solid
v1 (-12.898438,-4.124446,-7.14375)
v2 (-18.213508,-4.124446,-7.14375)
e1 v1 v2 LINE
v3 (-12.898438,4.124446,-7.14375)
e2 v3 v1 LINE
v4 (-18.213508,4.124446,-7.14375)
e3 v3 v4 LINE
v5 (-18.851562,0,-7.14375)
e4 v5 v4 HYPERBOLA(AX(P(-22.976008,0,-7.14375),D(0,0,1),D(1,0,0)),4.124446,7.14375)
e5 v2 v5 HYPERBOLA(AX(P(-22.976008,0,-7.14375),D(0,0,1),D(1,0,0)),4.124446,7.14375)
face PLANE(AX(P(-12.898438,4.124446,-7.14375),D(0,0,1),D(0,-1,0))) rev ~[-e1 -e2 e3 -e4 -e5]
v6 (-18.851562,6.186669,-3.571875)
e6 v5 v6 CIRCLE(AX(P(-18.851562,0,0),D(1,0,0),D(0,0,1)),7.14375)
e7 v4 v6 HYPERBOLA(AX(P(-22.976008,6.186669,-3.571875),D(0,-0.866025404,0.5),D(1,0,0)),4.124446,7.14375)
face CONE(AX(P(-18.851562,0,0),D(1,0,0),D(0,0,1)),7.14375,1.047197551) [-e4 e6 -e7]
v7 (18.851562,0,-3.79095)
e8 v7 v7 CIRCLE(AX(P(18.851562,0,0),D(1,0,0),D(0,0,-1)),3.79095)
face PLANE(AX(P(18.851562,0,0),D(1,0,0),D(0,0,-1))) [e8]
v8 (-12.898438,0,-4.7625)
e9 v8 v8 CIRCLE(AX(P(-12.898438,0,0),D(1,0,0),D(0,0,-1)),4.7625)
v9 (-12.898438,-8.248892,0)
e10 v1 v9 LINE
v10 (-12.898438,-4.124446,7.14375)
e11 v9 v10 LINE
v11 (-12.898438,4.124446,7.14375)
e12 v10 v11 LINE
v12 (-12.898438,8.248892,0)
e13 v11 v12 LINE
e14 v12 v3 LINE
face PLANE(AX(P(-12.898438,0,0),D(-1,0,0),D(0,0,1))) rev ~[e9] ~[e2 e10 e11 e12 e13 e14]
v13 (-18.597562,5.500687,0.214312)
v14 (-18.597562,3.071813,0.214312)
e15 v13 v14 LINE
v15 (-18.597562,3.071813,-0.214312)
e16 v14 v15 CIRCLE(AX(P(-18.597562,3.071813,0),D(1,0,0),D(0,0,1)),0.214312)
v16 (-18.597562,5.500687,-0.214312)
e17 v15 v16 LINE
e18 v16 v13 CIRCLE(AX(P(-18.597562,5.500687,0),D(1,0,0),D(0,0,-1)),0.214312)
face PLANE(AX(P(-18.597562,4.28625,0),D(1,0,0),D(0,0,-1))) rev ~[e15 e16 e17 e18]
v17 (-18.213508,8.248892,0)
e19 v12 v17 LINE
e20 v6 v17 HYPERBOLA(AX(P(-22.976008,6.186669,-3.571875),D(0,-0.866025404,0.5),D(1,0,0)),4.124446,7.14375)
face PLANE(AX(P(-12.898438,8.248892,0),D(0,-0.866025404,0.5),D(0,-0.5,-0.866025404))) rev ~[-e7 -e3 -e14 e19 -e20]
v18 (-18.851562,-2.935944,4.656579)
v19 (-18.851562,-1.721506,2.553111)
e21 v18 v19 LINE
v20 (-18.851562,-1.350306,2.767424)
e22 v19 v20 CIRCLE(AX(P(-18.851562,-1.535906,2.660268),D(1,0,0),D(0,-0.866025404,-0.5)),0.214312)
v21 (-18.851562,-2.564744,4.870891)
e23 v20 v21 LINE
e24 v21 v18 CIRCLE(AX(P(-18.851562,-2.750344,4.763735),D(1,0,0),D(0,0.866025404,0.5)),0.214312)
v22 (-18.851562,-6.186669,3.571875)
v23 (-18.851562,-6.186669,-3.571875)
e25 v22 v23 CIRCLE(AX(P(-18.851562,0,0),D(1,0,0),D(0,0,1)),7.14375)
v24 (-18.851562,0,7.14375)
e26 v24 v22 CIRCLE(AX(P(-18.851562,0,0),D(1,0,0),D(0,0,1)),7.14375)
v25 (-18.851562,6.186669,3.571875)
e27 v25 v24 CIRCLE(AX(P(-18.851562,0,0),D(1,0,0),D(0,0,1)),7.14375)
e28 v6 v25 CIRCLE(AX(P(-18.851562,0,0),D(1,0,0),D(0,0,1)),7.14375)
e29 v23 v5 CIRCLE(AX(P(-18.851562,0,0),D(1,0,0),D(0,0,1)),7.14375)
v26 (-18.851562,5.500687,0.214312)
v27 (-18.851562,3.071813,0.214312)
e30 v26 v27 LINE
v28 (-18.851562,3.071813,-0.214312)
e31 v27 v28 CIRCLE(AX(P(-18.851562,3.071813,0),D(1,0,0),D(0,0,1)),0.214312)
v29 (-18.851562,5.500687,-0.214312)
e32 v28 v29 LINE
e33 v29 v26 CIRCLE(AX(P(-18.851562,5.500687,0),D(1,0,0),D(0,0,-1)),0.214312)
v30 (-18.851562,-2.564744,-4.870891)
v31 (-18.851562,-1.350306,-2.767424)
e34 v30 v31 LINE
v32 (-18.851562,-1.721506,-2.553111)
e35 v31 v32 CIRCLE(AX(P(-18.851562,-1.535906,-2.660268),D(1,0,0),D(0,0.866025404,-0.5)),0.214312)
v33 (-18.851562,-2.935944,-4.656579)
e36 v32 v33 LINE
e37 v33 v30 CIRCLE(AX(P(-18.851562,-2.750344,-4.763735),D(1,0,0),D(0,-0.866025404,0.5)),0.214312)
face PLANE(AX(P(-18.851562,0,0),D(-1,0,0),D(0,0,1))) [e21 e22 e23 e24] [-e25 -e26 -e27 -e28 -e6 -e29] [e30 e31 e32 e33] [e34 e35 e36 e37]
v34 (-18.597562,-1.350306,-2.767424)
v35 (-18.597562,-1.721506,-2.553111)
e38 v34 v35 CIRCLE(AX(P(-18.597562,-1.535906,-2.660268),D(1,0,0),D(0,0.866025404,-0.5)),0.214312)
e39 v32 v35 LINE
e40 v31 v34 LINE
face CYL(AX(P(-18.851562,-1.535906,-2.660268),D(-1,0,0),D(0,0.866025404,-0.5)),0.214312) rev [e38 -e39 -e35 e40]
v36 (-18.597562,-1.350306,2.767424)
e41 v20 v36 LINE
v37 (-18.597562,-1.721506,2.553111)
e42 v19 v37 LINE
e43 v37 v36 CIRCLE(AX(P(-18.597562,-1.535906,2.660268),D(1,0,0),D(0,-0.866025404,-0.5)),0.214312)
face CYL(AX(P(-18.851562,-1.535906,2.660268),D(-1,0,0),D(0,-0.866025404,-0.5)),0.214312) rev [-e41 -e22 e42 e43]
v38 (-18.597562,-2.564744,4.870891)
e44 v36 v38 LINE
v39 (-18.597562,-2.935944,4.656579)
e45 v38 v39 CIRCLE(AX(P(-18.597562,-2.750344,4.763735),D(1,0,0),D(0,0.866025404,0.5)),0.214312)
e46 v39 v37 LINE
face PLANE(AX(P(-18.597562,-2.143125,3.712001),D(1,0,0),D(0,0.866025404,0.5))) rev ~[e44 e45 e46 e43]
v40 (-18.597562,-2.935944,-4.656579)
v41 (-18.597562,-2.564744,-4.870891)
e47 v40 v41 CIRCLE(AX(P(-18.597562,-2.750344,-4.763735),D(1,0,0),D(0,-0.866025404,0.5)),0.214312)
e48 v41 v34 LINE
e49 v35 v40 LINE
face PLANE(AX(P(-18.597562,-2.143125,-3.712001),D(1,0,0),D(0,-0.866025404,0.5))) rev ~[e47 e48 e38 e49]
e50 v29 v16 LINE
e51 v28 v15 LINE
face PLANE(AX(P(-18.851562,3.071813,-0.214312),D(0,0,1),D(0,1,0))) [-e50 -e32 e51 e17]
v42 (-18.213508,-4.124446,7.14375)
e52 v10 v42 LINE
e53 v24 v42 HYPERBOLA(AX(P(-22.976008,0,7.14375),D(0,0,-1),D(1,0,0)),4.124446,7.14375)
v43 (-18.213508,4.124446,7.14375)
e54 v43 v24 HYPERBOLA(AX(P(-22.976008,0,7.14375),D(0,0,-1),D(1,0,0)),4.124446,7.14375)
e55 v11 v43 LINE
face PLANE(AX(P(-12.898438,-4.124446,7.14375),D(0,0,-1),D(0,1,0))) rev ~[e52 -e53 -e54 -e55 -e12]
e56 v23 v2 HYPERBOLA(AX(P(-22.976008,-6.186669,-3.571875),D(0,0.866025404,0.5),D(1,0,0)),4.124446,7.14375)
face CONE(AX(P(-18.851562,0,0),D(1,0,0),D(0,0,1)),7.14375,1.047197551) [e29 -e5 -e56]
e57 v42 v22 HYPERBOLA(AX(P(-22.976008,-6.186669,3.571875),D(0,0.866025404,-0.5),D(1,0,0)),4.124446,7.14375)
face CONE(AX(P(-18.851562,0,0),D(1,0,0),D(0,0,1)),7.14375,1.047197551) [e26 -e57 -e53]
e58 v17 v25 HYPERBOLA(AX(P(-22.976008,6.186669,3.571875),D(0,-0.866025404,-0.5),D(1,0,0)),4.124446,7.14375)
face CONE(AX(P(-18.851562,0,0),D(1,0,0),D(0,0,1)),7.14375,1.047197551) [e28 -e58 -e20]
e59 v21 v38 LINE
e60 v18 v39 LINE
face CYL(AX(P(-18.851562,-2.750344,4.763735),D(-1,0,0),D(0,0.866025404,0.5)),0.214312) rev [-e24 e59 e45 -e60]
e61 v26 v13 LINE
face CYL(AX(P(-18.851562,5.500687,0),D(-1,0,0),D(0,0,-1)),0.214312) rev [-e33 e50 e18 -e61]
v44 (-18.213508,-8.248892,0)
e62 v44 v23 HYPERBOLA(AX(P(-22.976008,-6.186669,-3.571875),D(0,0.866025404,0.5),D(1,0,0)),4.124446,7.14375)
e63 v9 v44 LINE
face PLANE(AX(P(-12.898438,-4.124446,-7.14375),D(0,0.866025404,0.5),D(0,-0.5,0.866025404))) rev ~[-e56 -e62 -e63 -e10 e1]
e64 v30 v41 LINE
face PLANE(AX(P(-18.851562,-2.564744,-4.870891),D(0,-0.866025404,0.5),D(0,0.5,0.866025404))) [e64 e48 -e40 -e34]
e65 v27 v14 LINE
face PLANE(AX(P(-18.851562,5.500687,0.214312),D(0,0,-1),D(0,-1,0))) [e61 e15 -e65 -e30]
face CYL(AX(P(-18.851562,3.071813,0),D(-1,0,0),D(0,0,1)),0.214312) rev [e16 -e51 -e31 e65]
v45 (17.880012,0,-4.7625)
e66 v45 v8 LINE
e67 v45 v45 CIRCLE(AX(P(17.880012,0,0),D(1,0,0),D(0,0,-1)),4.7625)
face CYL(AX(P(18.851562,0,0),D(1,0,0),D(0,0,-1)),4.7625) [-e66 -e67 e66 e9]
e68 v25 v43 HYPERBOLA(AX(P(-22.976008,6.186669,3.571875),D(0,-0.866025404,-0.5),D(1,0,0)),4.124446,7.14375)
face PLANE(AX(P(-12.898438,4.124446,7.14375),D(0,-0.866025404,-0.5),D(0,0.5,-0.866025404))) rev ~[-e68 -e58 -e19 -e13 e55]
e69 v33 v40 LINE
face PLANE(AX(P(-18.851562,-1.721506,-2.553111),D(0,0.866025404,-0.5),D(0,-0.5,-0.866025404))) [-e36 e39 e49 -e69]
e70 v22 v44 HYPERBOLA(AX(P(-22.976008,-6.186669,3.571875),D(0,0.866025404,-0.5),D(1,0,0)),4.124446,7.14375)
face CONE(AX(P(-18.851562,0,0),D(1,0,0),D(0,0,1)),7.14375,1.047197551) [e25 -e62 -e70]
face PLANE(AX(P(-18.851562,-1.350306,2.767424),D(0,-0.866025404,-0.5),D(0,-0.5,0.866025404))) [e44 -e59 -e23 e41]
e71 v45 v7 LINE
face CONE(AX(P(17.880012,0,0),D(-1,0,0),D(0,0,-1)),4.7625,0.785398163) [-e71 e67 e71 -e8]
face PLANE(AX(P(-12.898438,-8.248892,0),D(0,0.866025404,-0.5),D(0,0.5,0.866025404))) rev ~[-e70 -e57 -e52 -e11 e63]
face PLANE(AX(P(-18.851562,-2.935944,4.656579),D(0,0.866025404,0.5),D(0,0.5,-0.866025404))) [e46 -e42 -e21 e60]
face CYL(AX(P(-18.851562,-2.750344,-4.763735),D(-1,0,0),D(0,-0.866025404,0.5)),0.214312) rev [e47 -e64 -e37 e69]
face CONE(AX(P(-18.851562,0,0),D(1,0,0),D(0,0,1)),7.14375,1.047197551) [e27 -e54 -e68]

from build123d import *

# Parameters (mm, degrees)
SKETCH5_R           = 4.7625
BOSS_EXTRUDE3_DEPTH = 31.75
CHAMFER1_SIZE       = 0.97155
BOSS_EXTRUDE4_DEPTH = 5.953125
SKETCH8_OUTSIDE_W   = 159.072
SKETCH8_OUTSIDE_H   = 161.282
SKETCH8_OUTSIDE_R   = 7.14375
CUT_EXTRUDE3_DEPTH  = 38.703125
CUT_EXTRUDE3_TAPER  = 60
CUT_EXTRUDE4_DEPTH  = 0.254
CIRPATTERN1_COUNT   = 3


with BuildPart() as part:
    # Sketch5 → Boss-Extrude3 (new body)
    with BuildSketch(Plane(origin=(18.8515625, 0, 0), x_dir=(0, 0, -1), z_dir=(1, 0, 0))):
        Circle(SKETCH5_R)
    extrude(amount=-BOSS_EXTRUDE3_DEPTH)

    # Chamfer1
    chamfer1_edges = [part.edges().sort_by_distance(p)[0] for p in [
        (18.8515625, 0, 4.7625),
    ]]
    chamfer(chamfer1_edges, length=CHAMFER1_SIZE)

    # Sketch6 → Boss-Extrude4 (add)
    with BuildSketch(Plane.ZY.offset(12.8984375)):
        Polygon((7.14375, 4.124445986), (0, 8.248891971), (-7.14375, 4.124445986), (-7.14375, -4.124445986), (0, -8.248891971), (7.14375, -4.124445986), align=None)
    extrude(amount=BOSS_EXTRUDE4_DEPTH)

    # Sketch8 outside → Cut-Extrude3 (cut, through all)
    with BuildSketch(Plane.ZY.offset(18.8515625)):
        Rectangle(SKETCH8_OUTSIDE_W, SKETCH8_OUTSIDE_H)
        Circle(SKETCH8_OUTSIDE_R, mode=Mode.SUBTRACT)
    extrude(amount=-CUT_EXTRUDE3_DEPTH, taper=CUT_EXTRUDE3_TAPER, mode=Mode.SUBTRACT)

    # Sketch12 → Cut-Extrude4 (cut)
    with BuildSketch(Plane.ZY.offset(18.8515625)):
        with BuildLine():
            Line((0.2143125, 5.5006875), (0.2143125, 3.0718125))
            ThreePointArc((0.2143125, 3.0718125), (0, 2.8575), (-0.2143125, 3.0718125))
            Line((-0.2143125, 3.0718125), (-0.2143125, 5.5006875))
            ThreePointArc((-0.2143125, 5.5006875), (0, 5.715), (0.2143125, 5.5006875))
        make_face()
    cut_extrude4 = extrude(amount=-CUT_EXTRUDE4_DEPTH, mode=Mode.SUBTRACT)

    # CirPattern1: Cut-Extrude4 ×3 about axis
    cirpattern1_axis = Axis((0, 0, 0), (1, 0, 0))
    for i in range(1, CIRPATTERN1_COUNT):
        add(cut_extrude4.rotate(cirpattern1_axis, i * 360 / CIRPATTERN1_COUNT), mode=Mode.SUBTRACT)


solid = part.part
